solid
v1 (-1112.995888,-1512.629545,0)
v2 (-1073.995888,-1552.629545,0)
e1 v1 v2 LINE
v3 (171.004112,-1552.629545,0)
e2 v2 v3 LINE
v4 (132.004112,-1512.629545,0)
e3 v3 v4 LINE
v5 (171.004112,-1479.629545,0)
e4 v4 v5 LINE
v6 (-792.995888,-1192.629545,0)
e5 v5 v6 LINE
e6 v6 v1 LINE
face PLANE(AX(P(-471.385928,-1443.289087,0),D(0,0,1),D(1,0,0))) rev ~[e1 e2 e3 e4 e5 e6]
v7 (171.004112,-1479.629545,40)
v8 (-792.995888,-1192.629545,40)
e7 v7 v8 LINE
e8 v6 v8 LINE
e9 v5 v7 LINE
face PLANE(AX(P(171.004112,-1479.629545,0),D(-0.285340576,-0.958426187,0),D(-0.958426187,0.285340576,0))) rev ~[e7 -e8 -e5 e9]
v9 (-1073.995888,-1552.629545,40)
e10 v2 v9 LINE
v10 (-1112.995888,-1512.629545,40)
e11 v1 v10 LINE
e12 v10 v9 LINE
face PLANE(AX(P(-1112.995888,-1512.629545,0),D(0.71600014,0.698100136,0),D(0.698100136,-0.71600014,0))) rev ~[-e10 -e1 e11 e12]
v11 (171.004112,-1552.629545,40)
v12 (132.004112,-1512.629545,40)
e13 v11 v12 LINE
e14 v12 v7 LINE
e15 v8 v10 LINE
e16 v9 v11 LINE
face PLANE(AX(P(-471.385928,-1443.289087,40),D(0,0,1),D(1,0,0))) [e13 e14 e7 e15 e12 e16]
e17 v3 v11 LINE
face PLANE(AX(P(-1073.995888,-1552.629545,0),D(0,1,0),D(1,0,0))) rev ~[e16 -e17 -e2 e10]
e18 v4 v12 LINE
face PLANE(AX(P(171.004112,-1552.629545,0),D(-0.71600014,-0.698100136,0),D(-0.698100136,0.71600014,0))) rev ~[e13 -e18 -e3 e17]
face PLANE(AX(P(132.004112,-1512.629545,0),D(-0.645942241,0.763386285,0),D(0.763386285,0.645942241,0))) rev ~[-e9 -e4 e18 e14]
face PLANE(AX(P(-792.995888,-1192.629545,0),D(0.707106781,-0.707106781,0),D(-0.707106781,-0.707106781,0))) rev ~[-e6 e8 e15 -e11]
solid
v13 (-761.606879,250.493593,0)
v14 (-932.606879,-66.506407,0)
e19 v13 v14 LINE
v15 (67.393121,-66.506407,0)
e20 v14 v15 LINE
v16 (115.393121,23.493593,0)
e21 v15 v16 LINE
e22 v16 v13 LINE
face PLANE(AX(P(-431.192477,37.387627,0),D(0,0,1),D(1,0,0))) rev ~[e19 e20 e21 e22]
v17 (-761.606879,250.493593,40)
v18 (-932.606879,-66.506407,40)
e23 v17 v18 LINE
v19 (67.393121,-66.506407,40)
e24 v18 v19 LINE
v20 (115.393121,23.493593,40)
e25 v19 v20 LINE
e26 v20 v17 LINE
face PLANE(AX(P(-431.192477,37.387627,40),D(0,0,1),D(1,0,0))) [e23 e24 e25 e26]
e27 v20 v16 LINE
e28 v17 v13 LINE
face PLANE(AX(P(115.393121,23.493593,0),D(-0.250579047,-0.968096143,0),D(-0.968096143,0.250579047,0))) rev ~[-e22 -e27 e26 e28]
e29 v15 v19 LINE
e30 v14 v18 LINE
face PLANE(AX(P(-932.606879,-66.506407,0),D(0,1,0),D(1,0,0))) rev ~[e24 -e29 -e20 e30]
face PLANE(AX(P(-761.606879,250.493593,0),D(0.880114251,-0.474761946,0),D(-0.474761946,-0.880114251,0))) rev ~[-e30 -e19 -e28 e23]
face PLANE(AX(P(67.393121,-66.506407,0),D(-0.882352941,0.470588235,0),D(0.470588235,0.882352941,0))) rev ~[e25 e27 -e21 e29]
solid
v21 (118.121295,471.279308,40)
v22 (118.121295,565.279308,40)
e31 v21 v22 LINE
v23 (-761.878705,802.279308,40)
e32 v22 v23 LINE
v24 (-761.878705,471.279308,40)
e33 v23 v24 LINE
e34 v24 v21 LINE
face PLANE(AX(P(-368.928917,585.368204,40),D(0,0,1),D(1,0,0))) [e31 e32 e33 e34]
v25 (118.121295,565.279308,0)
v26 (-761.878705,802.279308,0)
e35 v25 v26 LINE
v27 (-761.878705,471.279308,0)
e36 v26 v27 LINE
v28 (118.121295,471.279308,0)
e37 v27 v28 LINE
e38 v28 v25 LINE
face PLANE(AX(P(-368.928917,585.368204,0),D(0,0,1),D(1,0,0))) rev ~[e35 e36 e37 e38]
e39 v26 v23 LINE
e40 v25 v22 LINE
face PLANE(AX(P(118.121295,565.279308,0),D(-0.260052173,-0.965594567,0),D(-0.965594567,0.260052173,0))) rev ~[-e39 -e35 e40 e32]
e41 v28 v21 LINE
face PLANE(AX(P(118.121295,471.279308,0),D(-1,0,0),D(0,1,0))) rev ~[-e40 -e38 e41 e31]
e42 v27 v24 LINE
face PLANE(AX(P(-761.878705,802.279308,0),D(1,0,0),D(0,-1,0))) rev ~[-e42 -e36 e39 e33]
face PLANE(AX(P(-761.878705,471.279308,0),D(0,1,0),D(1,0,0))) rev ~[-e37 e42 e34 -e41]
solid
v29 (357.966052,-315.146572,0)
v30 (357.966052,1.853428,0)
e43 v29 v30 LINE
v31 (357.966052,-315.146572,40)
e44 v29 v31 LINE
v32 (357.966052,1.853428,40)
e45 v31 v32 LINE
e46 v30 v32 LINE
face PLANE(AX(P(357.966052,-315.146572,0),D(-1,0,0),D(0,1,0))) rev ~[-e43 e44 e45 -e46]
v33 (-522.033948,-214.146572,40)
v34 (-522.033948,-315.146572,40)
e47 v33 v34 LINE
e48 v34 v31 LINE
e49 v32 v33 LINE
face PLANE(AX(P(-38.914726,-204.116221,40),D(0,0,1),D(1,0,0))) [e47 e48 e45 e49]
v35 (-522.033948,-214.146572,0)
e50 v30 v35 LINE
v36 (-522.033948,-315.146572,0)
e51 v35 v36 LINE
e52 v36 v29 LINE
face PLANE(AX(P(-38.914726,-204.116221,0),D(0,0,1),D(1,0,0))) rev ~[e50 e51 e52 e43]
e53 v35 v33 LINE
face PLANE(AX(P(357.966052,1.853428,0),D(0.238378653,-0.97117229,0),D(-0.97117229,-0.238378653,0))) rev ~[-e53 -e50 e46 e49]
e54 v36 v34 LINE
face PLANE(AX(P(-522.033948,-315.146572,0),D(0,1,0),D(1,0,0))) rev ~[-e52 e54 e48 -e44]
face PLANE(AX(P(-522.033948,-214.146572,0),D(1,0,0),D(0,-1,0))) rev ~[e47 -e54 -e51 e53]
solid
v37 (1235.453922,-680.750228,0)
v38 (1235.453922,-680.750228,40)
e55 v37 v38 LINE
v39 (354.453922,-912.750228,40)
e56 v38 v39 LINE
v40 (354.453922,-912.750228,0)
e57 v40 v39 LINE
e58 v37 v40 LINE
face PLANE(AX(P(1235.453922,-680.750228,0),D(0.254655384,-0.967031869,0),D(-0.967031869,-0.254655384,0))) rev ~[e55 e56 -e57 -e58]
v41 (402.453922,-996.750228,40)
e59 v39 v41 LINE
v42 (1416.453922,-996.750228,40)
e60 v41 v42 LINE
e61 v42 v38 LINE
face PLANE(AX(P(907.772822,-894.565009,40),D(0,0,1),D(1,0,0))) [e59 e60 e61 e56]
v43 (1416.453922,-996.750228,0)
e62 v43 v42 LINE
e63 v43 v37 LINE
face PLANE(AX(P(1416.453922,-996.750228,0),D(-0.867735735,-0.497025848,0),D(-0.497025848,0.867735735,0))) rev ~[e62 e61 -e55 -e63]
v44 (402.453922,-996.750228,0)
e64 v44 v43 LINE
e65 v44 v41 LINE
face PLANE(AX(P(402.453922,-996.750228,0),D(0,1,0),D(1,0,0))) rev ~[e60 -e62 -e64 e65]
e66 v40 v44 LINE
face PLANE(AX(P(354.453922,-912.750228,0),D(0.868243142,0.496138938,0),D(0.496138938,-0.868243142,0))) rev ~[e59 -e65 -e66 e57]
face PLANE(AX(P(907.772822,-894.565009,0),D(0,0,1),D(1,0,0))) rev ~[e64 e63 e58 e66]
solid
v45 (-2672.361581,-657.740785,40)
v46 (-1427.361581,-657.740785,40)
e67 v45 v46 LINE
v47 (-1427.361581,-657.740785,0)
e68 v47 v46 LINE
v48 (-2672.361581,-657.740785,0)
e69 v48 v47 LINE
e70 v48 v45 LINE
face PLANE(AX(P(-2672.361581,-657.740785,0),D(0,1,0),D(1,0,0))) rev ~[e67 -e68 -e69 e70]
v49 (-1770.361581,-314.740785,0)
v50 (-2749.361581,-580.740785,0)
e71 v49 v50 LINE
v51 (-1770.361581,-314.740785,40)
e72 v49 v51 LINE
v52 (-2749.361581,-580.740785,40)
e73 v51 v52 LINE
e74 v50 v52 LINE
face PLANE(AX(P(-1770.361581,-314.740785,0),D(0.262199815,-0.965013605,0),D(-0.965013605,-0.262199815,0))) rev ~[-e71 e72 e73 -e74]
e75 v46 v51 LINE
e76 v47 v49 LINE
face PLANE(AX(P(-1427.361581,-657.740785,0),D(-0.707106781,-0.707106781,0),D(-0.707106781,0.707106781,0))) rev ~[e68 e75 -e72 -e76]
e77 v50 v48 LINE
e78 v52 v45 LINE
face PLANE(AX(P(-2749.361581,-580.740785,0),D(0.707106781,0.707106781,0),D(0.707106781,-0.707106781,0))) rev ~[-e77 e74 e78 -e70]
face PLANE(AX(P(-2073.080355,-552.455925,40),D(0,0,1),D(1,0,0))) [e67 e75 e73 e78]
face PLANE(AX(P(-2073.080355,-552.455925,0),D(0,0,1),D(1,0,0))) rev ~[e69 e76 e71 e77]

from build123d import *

# Parameters (mm, degrees)
F1_DEPTH  = 40
F3_DEPTH  = 25
F4_DEPTH  = 40
F6_DEPTH  = 40
F8_DEPTH  = 40
F10_DEPTH = 40
F12_DEPTH = 40


with BuildPart() as f1:
    # F0 (on Top) → F1 (new body)
    with BuildSketch(Plane.XY):
        Polygon((357.966052, 1.853428), (-522.033948, -214.146572), (-522.033948, -315.146572), (357.966052, -315.146572), align=None)
    extrude(amount=F1_DEPTH)


with BuildPart() as f3:
    # F2 (on Top) → F3 (new body)
    with BuildSketch(Plane.XY):
        Polygon((-761.606879, 250.493593), (-932.606879, -66.506407), (67.393121, -66.506407), (115.393121, 23.493593), align=None)
    extrude(amount=F3_DEPTH)

    # F2 (on Top) → F4 (join)
    with BuildSketch(Plane.XY):
        Polygon((-761.606879, 250.493593), (-932.606879, -66.506407), (67.393121, -66.506407), (115.393121, 23.493593), align=None)
    extrude(amount=F4_DEPTH)


with BuildPart() as f6:
    # F5 (on Top) → F6 (new body)
    with BuildSketch(Plane.XY):
        Polygon((171.004112, -1479.629545), (-792.995888, -1192.629545), (-1112.995888, -1512.629545), (-1073.995888, -1552.629545), (171.004112, -1552.629545), (132.004112, -1512.629545), align=None)
    extrude(amount=F6_DEPTH)


with BuildPart() as f8:
    # F7 (on Top) → F8 (new body)
    with BuildSketch(Plane.XY):
        Polygon((-1770.361581, -314.740785), (-2749.361581, -580.740785), (-2672.361581, -657.740785), (-1427.361581, -657.740785), align=None)
    extrude(amount=F8_DEPTH)


with BuildPart() as f10:
    # F9 (on Top) → F10 (new body)
    with BuildSketch(Plane.XY):
        Polygon((1235.453922, -680.750228), (354.453922, -912.750228), (402.453922, -996.750228), (1416.453922, -996.750228), align=None)
    extrude(amount=F10_DEPTH)


with BuildPart() as f12:
    # F11 (on Top) → F12 (new body)
    with BuildSketch(Plane.XY):
        Polygon((118.121295, 565.279308), (-761.878705, 802.279308), (-761.878705, 471.279308), (118.121295, 471.279308), align=None)
    extrude(amount=F12_DEPTH)


solid = Compound([f1.part, f3.part, f6.part, f8.part, f10.part, f12.part])
